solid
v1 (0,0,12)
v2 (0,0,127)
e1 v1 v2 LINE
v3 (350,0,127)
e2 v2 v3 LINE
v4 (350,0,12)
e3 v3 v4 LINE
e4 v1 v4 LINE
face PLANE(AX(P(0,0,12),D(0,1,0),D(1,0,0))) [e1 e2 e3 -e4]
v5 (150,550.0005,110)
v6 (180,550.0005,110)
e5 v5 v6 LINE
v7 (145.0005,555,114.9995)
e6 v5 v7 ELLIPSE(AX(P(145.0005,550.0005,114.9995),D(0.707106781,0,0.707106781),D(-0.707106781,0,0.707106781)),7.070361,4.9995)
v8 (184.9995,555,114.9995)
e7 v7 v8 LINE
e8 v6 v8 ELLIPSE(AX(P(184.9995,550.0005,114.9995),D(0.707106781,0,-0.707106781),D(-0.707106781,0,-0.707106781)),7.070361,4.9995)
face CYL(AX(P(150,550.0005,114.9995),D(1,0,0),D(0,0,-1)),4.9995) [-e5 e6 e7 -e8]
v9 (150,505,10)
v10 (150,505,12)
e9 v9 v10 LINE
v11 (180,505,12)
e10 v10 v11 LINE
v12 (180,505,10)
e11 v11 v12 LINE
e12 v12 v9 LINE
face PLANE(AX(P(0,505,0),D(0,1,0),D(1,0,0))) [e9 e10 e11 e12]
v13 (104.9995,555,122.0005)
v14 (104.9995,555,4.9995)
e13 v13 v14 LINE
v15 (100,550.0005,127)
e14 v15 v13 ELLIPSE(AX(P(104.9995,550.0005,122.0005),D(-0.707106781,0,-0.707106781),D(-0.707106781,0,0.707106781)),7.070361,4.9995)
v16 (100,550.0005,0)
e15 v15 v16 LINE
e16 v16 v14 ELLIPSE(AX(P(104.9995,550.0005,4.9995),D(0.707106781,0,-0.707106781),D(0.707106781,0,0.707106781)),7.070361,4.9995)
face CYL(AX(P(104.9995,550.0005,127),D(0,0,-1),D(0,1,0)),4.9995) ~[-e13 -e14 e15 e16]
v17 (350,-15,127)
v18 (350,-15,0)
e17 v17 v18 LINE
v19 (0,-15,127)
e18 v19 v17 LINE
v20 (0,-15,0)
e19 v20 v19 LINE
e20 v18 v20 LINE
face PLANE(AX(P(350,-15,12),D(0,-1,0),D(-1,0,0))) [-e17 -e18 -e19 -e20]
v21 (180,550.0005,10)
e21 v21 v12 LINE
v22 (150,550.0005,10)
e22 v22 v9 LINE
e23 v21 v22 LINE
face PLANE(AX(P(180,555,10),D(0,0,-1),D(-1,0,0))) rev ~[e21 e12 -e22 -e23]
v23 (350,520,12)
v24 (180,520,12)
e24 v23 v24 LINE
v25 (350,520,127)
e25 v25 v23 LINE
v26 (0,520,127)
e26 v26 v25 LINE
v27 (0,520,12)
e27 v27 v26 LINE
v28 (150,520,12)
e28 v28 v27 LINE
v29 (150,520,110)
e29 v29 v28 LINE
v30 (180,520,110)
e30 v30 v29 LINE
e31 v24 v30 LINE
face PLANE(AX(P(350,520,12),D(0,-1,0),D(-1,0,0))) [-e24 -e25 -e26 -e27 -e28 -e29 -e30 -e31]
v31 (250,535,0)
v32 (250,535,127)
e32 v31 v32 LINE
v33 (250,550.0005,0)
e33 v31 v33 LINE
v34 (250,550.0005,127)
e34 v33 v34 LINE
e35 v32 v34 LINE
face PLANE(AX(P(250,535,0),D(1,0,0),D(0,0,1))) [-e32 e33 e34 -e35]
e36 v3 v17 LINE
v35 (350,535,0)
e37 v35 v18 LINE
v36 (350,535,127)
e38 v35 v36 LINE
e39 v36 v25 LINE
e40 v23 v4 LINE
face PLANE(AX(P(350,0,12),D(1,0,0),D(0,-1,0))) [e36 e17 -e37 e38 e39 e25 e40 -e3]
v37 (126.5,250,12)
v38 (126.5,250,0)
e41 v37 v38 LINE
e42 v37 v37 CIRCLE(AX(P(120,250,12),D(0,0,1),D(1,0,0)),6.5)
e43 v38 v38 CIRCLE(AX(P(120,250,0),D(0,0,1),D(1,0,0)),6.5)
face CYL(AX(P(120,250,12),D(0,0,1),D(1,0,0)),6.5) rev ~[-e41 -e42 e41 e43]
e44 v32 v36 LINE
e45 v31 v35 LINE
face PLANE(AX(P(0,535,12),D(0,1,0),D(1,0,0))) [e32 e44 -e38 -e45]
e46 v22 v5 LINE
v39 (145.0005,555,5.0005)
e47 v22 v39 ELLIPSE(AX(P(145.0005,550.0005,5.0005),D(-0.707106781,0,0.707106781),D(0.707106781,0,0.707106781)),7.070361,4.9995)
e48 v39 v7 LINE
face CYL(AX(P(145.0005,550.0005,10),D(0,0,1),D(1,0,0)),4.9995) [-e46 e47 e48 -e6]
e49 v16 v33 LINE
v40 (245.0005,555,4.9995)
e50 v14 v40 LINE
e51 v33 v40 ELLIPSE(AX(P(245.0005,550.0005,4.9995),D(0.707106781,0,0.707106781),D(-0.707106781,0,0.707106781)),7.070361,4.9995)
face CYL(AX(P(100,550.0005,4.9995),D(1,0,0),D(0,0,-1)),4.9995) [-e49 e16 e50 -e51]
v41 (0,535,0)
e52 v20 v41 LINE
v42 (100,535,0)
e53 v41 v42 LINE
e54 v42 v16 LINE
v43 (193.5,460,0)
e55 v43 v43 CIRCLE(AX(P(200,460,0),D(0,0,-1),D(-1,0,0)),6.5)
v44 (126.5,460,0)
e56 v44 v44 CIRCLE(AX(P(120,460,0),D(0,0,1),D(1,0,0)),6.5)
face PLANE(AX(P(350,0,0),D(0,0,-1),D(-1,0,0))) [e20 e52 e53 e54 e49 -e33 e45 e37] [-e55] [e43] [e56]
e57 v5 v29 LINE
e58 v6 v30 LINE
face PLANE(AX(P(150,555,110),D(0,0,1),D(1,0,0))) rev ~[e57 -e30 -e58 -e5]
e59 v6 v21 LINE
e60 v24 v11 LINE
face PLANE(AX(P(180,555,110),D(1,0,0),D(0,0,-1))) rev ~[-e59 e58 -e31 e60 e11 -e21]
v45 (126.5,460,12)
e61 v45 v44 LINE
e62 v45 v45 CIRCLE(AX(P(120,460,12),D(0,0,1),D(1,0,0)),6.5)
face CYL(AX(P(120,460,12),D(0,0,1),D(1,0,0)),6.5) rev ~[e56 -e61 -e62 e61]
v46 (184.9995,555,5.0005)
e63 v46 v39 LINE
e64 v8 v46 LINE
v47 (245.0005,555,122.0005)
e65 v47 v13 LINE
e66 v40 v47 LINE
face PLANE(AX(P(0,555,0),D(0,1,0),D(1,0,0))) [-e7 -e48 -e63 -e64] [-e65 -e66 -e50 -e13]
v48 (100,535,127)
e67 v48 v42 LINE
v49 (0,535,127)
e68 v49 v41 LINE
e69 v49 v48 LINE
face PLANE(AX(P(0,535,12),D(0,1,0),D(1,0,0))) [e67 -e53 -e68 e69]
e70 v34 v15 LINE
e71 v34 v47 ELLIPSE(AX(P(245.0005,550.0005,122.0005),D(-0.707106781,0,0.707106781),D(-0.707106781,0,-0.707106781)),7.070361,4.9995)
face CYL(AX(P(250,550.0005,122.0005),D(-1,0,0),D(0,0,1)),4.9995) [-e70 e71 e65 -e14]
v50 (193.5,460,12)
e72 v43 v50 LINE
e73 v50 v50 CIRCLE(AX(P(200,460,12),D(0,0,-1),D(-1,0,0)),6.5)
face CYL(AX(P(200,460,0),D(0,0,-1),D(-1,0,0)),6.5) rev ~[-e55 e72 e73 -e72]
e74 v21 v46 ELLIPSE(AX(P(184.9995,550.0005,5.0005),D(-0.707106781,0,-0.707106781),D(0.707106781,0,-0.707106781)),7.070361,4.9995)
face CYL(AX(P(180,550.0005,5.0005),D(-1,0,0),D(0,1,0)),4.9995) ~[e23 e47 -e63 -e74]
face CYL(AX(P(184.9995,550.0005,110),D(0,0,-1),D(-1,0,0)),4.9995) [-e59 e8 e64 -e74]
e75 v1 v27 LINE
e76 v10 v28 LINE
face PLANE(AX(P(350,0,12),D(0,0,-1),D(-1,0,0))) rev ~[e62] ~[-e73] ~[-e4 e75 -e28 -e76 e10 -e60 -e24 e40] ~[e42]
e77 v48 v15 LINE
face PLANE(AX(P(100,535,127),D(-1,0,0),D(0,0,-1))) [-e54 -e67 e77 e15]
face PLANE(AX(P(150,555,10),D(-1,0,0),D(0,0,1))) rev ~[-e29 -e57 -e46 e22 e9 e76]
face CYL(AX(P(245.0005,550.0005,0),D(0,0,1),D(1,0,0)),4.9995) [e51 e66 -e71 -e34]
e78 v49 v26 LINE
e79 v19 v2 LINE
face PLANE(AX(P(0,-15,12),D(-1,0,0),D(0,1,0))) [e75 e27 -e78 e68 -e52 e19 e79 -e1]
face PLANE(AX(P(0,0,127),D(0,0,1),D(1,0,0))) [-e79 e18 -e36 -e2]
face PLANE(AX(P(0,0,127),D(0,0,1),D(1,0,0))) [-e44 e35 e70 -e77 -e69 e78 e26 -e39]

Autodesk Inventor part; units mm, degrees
ref_plane "YZ Plane" through (0, 0, 0) normal (1, 0, 0) x (0, 1, 0)
ref_plane "XZ Plane" through (0, 0, 0) normal (0, 1, 0) x (-1, 0, 0)
ref_plane "XY Plane" through (0, 0, 0) normal (0, 0, 1) x (1, 0, 0)
sketch "Sketch1" plane through (0, 0, 0) normal (0, 0, 1) x (1, 0, 0)
  line L0 (0, 0) -> (350, 0)
  line L1 (350, 0) -> (350, 520)
  line L2 (350, 520) -> (0, 520)
  line L3 (0, 520) -> (0, 0)
  dimension "d0" = 350
  dimension "d1" = 520
extrude "Extrusion1" add sketch "Sketch1" along normal blind 12
sketch "Sketch2" plane through (0, 0, 12) normal (0, 0, 1) x (1, 0, 0)
  line L0 (0, 120) -> (350, 120)
  line L1 (350, 120) -> (350, 370)
  line L2 (350, 0) -> (350, 520) projected
  line L3 (350, 370) -> (0, 370)
  line L4 (0, 520) -> (0, 0) projected
  line L5 (0, 370) -> (0, 520)
  line L6 (350, 520) -> (0, 520) projected
  line L7 (0, 520) -> (350, 520)
  line L8 (350, 520) -> (350, 370)
  circle A0 centre (120, 460) radius 6.5
  circle A1 centre (120, 250) radius 6.5
  dimension "d6" = 13
  dimension "d7" = 13
extrude "Extrusion2" cut sketch "Sketch2" against normal blind 12 contours A0 | A1
thread "Thread1" size "M14x2" class "6H" standard "ANSI Metric M Profile" full length
thread "Thread2" size "M14x2" class "6H" standard "ANSI Metric M Profile" full length
sketch "Sketch3" plane through (0, 0, 0) normal (0, 0, -1) x (-1, 0, 0)
  circle A0 centre (-200, 460) radius 6.5
  point P0 (0, 0)
  dimension "d14" = 13
extrude "Extrusion3" cut sketch "Sketch3" against normal blind 120
sketch "Sketch4" plane through (0, 520, 0) normal (0, 1, 0) x (1, 0, 0)
  line L0 (0, 0) -> (350, 0) projected
  line L1 (350, 0) -> (350, -12) projected
  line L2 (0, 0) -> (350, 0)
  line L3 (350, 0) -> (350, -12)
  line L4 (350, -12) -> (0, -12)
  line L5 (0, -12) -> (0, 0)
extrude "Extrusion4" add sketch "Sketch4" along normal blind 15
sketch "Sketch5" plane through (0, 0, 12) normal (0, 0, 1) x (1, 0, 0)
  line L0 (0, 0) -> (0, 535) projected
  line L1 (0, 535) -> (350, 535)
  line L2 (350, 535) -> (350, 520)
  line L3 (350, 520) -> (0, 520)
  line L4 (0, 520) -> (0, 535)
  dimension "d19" = 350
  dimension "d20" = 15
extrude "Extrusion5" add sketch "Sketch5" along normal blind 80
sketch "Sketch6" plane through (0, 0, 0) normal (0, -1, 0) x (1, 0, 0)
  line L0 (350, 0) -> (0, 0) projected
  line L1 (350, 12) -> (0, 12) projected
  line L2 (0, 0) -> (350, 0)
  line L3 (350, 0) -> (350, 12)
  line L4 (350, 12) -> (0, 12)
  line L5 (0, 12) -> (0, 0)
  dimension "d23" = 350
extrude "Extrusion6" add sketch "Sketch6" along normal blind 15
sketch "Sketch7" plane through (0, 0, 12) normal (0, 0, 1) x (1, 0, 0)
  line L0 (0, 0) -> (350, 0)
  line L1 (350, 0) -> (350, -15)
  line L2 (350, -15) -> (0, -15)
  line L3 (0, -15) -> (0, 0)
extrude "Extrusion7" add sketch "Sketch7" along normal blind 80
sketch "Sketch8" plane through (0, 0, 92) normal (0, 0, 1) x (1, 0, 0)
  line L0 (0, -15) -> (350, -15) projected
  line L1 (0, 0) -> (350, 0)
  line L2 (350, 0) -> (350, -15)
  line L3 (350, -15) -> (0, -15)
  line L4 (0, -15) -> (0, 0)
  line L5 (0, 535) -> (0, 520) projected
  line L6 (0, 520) -> (350, 520) projected
  line L7 (0, 535) -> (350, 535)
  line L8 (350, 535) -> (350, 520)
  line L9 (350, 520) -> (0, 520)
  line L10 (0, 520) -> (0, 535)
extrude "Extrusion8" add sketch "Sketch8" along normal blind 35
sketch "Sketch9" plane through (0, -15, 0) normal (0, -1, 0) x (1, 0, 0)
  point P0 (0, 0)
sketch "Sketch10" plane through (0, 535, 0) normal (0, 1, 0) x (1, 0, 0)
  line L0 (0, 0) -> (350, 0) projected
  line L1 (100, 0) -> (250, 0)
  line L2 (250, 0) -> (250, -127)
  line L3 (250, -127) -> (100, -127)
  line L4 (100, -127) -> (100, 0)
  dimension "d30" = 150
  dimension "d31" = 127
extrude "Extrusion9" add sketch "Sketch10" along normal blind 20
sketch "Sketch11" plane through (0, 555, 0) normal (0, 1, 0) x (1, 0, 0)
  point P0 (0, 0)
sketch "Sketch12" plane through (0, 555, 0) normal (0, 1, 0) x (1, 0, 0)
  point P0 (0, 0)
sketch "Sketch13" plane through (0, 555, 0) normal (0, 1, 0) x (1, 0, 0)
  line L0 (150, -110) -> (180, -110)
  line L1 (180, -110) -> (180, -10)
  line L2 (180, -10) -> (150, -10)
  line L3 (150, -10) -> (150, -110)
  point P0 (0, 0)
  dimension "d34" = 30
  dimension "d35" = 100
extrude "Extrusion10" cut sketch "Sketch13" against normal blind 50
fillet "Fillet1" radius 5 8 edges at (180, 555, 60) (150, 555, 60) (165, 555, 110) (165, 555, 10) (175, 555, 127) (250, 555, 63.5) (175, 555, 0) (100, 555, 63.5)
properties part number "back plate"
